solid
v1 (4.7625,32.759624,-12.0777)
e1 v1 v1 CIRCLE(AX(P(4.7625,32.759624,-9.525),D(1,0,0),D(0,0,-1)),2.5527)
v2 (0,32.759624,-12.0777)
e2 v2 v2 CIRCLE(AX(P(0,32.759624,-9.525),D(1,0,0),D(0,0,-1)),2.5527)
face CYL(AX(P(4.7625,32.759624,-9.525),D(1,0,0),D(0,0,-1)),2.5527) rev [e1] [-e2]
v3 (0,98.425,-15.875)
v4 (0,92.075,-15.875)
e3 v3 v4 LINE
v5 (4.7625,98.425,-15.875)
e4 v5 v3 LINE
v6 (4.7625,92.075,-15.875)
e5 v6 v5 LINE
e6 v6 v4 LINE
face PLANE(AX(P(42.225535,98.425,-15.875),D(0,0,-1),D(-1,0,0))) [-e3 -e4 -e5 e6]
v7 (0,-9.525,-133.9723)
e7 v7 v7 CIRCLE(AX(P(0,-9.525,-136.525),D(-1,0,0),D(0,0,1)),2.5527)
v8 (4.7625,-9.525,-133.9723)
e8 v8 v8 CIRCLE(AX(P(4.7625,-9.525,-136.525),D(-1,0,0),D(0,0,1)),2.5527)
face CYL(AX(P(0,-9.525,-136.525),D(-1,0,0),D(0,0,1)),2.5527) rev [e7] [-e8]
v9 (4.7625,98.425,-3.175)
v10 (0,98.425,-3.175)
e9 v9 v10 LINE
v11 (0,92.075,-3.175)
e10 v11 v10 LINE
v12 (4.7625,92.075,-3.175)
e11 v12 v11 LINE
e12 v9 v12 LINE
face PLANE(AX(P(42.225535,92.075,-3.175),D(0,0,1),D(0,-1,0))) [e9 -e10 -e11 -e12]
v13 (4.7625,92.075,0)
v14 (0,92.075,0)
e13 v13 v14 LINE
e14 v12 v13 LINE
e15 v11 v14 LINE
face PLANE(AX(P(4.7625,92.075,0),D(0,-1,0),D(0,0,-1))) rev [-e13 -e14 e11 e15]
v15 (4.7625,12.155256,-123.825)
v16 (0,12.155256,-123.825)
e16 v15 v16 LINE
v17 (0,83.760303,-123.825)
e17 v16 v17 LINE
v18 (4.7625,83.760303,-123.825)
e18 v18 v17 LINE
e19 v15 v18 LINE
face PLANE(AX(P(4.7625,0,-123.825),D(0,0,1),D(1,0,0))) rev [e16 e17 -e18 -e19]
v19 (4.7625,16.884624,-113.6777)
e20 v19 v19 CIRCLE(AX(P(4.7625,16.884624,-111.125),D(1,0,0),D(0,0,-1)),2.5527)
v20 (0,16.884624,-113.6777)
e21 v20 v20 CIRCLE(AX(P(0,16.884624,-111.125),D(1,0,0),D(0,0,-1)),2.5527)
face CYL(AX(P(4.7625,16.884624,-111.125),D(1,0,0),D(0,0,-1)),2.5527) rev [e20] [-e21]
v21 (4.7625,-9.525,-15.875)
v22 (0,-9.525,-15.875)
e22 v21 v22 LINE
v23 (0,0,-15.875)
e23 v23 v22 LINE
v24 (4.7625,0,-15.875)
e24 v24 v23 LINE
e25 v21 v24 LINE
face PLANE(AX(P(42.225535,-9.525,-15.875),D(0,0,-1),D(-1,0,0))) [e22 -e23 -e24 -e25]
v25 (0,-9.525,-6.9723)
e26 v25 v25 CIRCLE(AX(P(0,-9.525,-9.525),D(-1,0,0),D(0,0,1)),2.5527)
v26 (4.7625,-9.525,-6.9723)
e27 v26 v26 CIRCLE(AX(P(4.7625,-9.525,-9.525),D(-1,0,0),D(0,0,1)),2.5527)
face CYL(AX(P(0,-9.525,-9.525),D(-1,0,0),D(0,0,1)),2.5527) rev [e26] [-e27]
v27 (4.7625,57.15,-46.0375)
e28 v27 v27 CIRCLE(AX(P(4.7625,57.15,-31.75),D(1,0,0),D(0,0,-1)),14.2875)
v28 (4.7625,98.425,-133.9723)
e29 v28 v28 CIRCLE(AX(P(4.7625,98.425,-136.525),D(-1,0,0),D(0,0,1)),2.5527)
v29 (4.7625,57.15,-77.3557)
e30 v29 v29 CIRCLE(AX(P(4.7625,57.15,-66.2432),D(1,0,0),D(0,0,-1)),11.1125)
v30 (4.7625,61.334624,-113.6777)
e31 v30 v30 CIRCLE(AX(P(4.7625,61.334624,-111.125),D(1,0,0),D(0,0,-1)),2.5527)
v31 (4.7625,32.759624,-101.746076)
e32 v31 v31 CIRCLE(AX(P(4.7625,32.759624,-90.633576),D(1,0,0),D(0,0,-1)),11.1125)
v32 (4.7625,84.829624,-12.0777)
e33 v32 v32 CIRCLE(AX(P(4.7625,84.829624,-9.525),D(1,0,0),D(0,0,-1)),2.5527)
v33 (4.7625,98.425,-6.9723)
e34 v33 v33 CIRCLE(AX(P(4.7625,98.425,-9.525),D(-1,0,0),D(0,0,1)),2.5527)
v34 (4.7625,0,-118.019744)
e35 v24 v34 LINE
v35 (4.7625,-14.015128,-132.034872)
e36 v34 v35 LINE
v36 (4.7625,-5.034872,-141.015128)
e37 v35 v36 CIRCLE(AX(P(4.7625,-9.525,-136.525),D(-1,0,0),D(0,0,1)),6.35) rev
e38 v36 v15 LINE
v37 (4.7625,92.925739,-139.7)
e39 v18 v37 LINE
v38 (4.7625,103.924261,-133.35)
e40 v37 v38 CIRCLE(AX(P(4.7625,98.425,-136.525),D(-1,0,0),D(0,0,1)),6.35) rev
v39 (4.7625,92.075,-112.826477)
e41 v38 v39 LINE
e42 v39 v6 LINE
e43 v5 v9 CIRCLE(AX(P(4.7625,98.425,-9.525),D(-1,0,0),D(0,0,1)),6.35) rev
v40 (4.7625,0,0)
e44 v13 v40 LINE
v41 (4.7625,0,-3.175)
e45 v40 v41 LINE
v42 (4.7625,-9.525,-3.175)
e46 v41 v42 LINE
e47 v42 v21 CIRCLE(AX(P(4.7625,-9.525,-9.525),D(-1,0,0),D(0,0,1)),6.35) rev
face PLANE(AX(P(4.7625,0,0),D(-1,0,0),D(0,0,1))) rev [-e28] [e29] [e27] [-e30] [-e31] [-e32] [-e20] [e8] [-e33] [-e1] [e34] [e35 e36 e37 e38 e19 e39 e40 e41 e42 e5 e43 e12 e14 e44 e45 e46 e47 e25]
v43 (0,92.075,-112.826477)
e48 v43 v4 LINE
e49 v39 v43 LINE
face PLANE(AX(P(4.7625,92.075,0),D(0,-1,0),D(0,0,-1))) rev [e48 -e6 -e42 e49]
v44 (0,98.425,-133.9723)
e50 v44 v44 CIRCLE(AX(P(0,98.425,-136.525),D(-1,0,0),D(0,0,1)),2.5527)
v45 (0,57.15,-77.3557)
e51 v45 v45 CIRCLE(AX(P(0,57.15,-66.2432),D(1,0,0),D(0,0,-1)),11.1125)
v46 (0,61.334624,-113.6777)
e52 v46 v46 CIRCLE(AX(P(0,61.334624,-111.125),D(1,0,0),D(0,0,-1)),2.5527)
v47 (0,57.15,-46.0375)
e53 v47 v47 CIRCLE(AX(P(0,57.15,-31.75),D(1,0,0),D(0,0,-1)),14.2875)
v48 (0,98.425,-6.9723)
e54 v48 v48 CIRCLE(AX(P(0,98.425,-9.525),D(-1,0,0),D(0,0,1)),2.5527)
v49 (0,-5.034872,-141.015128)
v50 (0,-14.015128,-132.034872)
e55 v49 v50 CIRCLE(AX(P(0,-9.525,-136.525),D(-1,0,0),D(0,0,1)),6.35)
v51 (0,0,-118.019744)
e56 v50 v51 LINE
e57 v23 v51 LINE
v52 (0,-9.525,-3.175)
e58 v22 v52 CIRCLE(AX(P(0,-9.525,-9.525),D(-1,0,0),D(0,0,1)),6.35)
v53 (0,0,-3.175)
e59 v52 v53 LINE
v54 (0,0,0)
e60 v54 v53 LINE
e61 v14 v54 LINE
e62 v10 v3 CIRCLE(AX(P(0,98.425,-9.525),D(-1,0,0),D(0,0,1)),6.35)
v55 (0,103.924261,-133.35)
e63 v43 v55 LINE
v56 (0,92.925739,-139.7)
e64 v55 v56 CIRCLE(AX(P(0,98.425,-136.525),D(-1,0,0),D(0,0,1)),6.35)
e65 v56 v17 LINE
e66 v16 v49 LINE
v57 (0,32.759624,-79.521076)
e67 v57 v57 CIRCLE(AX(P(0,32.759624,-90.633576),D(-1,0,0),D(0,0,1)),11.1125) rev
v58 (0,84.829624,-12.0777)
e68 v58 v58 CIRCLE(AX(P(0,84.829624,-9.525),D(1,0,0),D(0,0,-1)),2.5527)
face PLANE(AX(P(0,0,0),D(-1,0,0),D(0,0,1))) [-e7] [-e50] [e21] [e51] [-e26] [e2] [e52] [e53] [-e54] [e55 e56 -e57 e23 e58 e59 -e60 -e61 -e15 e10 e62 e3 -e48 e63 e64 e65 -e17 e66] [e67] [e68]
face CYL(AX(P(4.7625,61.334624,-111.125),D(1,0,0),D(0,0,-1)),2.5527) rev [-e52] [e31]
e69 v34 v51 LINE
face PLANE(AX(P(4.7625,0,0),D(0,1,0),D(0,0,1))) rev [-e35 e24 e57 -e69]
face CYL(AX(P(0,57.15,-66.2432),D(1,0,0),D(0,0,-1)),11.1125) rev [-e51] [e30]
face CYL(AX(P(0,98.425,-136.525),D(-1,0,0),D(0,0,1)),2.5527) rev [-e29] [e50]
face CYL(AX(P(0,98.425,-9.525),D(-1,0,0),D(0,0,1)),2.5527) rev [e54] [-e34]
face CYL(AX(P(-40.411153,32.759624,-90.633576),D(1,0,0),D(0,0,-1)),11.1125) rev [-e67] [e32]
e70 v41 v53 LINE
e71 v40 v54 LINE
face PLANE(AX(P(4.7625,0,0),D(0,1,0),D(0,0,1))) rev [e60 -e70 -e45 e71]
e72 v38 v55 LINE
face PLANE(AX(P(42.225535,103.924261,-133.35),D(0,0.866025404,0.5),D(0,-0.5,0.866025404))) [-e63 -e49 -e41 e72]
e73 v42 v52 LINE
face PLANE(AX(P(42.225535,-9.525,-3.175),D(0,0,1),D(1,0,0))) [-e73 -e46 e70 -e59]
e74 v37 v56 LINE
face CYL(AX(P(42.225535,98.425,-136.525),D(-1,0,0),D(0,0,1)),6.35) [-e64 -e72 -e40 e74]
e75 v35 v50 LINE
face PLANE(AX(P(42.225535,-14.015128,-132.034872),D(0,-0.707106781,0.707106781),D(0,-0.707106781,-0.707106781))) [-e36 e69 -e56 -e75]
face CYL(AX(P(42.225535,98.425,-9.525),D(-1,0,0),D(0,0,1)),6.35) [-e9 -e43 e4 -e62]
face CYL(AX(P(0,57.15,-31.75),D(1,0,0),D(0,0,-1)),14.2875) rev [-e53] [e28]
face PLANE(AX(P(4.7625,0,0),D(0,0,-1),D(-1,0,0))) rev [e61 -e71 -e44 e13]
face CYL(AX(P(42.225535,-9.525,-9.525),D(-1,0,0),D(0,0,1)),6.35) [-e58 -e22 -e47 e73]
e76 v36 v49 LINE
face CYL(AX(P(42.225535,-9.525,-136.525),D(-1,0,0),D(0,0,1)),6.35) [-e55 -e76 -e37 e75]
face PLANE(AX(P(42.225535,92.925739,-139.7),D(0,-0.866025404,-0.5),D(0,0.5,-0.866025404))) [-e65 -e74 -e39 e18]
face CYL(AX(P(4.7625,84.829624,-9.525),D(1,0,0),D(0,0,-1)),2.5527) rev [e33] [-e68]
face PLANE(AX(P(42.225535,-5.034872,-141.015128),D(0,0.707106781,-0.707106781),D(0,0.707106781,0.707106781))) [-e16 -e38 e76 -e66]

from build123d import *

# Parameters (mm, degrees)
SKETCH1_W              = 123.825
SKETCH1_H              = 92.075
BOSS_EXTRUDE2_DEPTH    = 4.7625
SKETCH2_R              = 11.1125
SKETCH2_R_2            = 14.2875
CUT_EXTRUDE1_DEPTH     = 5.7625
F_10_CLEARANCE_HOLE1_D = 5.1054
SKETCH8_R              = 14.2875
CUT_EXTRUDE3_DEPTH     = 5.7625
SKETCH9_R              = 14.2875
SKETCH9_R_2            = 11.1125
BOSS_EXTRUDE3_DEPTH    = 4.7625
BOSS_EXTRUDE4_DEPTH    = 4.7625
F_10_CLEARANCE_HOLE2_D = 5.1054


with BuildPart() as part:
    # Sketch1 → Boss-Extrude2 (new body)
    with BuildSketch(Plane(origin=(0, 0, 0), x_dir=(0, 0, -1), z_dir=(1, 0, 0))):
        with Locations((61.9125, 46.0375)):
            Rectangle(SKETCH1_W, SKETCH1_H)
    extrude(amount=BOSS_EXTRUDE2_DEPTH)

    # Sketch2 → Cut-Extrude1 (cut, through all)
    with BuildSketch(Plane(origin=(4.7625, 0, 0), x_dir=(0, 0, -1), z_dir=(1, 0, 0))):
        with Locations((66.2432, 57.15)):
            Circle(SKETCH2_R)
        with Locations((31.75, 57.15)):
            Circle(SKETCH2_R)
        with Locations((90.633575625, 32.759624375)):
            Circle(SKETCH2_R_2)
    extrude(amount=-CUT_EXTRUDE1_DEPTH, mode=Mode.SUBTRACT)

    # #10 Clearance Hole1 (through all)
    with Locations(Plane(origin=(4.7625, 0, 0), x_dir=(0, 0, -1), z_dir=(1, 0, 0))):
        with Locations((9.525, 84.829624375), (111.125, 61.334624375), (9.525, 32.759624375), (111.125, 16.884624375)):
            Hole(F_10_CLEARANCE_HOLE1_D / 2)

    # Sketch8 → Cut-Extrude3 (cut, through all)
    with BuildSketch(Plane(origin=(4.7625, 0, 0), x_dir=(0, 0, -1), z_dir=(1, 0, 0))):
        with Locations((31.75, 57.15)):
            Circle(SKETCH8_R)
    extrude(amount=-CUT_EXTRUDE3_DEPTH, mode=Mode.SUBTRACT)

    # Sketch9 → Boss-Extrude3 (add)
    with BuildSketch(Plane(origin=(4.7625, 0, 0), x_dir=(0, 0, -1), z_dir=(1, 0, 0))):
        with Locations((90.633575625, 32.759624375)):
            Circle(SKETCH9_R)
        with Locations((90.633575625, 32.759624375)):
            Circle(SKETCH9_R_2, mode=Mode.SUBTRACT)
    extrude(amount=-BOSS_EXTRUDE3_DEPTH)

    # Sketch11 → Boss-Extrude4 (add)
    with BuildSketch(Plane.ZY):
        with BuildLine():
            Line((-132.034871939, -14.015128061), (-118.019743879, 0))
            Line((-118.019743879, 0), (-123.825, 0))
            Line((-123.825, 0), (-123.825, 12.155256121))
            Line((-123.825, 12.155256121), (-141.015128061, -5.034871939))
            ThreePointArc((-141.015128061, -5.034871939), (-141.015128061, -14.015128061), (-132.034871939, -14.015128061))
        make_face()
        with BuildLine():
            Line((-139.7, 92.925738686), (-123.825, 83.760303163))
            Line((-123.825, 83.760303163), (-123.825, 92.075))
            Line((-123.825, 92.075), (-112.826477372, 92.075))
            Line((-112.826477372, 92.075), (-133.35, 103.924261314))
            ThreePointArc((-133.35, 103.924261314), (-142.024261314, 101.6), (-139.7, 92.925738686))
        make_face()
        with BuildLine():
            Line((-15.875, -9.525), (-15.875, 0))
            Line((-15.875, 0), (-3.175, 0))
            Line((-3.175, 0), (-3.175, -9.525))
            ThreePointArc((-3.175, -9.525), (-9.525, -15.875), (-15.875, -9.525))
        make_face()
        with BuildLine():
            Line((-15.875, 98.425), (-15.875, 92.075))
            Line((-15.875, 92.075), (-3.175, 92.075))
            Line((-3.175, 92.075), (-3.175, 98.425))
            ThreePointArc((-3.175, 98.425), (-9.525, 104.775), (-15.875, 98.425))
        make_face()
    extrude(amount=-BOSS_EXTRUDE4_DEPTH)

    # #10 Clearance Hole2 (through all)
    with Locations(Plane.ZY):
        with Locations((-136.525, -9.525), (-136.525, 98.425), (-9.525, 98.425), (-9.525, -9.525)):
            Hole(F_10_CLEARANCE_HOLE2_D / 2)


solid = part.part
